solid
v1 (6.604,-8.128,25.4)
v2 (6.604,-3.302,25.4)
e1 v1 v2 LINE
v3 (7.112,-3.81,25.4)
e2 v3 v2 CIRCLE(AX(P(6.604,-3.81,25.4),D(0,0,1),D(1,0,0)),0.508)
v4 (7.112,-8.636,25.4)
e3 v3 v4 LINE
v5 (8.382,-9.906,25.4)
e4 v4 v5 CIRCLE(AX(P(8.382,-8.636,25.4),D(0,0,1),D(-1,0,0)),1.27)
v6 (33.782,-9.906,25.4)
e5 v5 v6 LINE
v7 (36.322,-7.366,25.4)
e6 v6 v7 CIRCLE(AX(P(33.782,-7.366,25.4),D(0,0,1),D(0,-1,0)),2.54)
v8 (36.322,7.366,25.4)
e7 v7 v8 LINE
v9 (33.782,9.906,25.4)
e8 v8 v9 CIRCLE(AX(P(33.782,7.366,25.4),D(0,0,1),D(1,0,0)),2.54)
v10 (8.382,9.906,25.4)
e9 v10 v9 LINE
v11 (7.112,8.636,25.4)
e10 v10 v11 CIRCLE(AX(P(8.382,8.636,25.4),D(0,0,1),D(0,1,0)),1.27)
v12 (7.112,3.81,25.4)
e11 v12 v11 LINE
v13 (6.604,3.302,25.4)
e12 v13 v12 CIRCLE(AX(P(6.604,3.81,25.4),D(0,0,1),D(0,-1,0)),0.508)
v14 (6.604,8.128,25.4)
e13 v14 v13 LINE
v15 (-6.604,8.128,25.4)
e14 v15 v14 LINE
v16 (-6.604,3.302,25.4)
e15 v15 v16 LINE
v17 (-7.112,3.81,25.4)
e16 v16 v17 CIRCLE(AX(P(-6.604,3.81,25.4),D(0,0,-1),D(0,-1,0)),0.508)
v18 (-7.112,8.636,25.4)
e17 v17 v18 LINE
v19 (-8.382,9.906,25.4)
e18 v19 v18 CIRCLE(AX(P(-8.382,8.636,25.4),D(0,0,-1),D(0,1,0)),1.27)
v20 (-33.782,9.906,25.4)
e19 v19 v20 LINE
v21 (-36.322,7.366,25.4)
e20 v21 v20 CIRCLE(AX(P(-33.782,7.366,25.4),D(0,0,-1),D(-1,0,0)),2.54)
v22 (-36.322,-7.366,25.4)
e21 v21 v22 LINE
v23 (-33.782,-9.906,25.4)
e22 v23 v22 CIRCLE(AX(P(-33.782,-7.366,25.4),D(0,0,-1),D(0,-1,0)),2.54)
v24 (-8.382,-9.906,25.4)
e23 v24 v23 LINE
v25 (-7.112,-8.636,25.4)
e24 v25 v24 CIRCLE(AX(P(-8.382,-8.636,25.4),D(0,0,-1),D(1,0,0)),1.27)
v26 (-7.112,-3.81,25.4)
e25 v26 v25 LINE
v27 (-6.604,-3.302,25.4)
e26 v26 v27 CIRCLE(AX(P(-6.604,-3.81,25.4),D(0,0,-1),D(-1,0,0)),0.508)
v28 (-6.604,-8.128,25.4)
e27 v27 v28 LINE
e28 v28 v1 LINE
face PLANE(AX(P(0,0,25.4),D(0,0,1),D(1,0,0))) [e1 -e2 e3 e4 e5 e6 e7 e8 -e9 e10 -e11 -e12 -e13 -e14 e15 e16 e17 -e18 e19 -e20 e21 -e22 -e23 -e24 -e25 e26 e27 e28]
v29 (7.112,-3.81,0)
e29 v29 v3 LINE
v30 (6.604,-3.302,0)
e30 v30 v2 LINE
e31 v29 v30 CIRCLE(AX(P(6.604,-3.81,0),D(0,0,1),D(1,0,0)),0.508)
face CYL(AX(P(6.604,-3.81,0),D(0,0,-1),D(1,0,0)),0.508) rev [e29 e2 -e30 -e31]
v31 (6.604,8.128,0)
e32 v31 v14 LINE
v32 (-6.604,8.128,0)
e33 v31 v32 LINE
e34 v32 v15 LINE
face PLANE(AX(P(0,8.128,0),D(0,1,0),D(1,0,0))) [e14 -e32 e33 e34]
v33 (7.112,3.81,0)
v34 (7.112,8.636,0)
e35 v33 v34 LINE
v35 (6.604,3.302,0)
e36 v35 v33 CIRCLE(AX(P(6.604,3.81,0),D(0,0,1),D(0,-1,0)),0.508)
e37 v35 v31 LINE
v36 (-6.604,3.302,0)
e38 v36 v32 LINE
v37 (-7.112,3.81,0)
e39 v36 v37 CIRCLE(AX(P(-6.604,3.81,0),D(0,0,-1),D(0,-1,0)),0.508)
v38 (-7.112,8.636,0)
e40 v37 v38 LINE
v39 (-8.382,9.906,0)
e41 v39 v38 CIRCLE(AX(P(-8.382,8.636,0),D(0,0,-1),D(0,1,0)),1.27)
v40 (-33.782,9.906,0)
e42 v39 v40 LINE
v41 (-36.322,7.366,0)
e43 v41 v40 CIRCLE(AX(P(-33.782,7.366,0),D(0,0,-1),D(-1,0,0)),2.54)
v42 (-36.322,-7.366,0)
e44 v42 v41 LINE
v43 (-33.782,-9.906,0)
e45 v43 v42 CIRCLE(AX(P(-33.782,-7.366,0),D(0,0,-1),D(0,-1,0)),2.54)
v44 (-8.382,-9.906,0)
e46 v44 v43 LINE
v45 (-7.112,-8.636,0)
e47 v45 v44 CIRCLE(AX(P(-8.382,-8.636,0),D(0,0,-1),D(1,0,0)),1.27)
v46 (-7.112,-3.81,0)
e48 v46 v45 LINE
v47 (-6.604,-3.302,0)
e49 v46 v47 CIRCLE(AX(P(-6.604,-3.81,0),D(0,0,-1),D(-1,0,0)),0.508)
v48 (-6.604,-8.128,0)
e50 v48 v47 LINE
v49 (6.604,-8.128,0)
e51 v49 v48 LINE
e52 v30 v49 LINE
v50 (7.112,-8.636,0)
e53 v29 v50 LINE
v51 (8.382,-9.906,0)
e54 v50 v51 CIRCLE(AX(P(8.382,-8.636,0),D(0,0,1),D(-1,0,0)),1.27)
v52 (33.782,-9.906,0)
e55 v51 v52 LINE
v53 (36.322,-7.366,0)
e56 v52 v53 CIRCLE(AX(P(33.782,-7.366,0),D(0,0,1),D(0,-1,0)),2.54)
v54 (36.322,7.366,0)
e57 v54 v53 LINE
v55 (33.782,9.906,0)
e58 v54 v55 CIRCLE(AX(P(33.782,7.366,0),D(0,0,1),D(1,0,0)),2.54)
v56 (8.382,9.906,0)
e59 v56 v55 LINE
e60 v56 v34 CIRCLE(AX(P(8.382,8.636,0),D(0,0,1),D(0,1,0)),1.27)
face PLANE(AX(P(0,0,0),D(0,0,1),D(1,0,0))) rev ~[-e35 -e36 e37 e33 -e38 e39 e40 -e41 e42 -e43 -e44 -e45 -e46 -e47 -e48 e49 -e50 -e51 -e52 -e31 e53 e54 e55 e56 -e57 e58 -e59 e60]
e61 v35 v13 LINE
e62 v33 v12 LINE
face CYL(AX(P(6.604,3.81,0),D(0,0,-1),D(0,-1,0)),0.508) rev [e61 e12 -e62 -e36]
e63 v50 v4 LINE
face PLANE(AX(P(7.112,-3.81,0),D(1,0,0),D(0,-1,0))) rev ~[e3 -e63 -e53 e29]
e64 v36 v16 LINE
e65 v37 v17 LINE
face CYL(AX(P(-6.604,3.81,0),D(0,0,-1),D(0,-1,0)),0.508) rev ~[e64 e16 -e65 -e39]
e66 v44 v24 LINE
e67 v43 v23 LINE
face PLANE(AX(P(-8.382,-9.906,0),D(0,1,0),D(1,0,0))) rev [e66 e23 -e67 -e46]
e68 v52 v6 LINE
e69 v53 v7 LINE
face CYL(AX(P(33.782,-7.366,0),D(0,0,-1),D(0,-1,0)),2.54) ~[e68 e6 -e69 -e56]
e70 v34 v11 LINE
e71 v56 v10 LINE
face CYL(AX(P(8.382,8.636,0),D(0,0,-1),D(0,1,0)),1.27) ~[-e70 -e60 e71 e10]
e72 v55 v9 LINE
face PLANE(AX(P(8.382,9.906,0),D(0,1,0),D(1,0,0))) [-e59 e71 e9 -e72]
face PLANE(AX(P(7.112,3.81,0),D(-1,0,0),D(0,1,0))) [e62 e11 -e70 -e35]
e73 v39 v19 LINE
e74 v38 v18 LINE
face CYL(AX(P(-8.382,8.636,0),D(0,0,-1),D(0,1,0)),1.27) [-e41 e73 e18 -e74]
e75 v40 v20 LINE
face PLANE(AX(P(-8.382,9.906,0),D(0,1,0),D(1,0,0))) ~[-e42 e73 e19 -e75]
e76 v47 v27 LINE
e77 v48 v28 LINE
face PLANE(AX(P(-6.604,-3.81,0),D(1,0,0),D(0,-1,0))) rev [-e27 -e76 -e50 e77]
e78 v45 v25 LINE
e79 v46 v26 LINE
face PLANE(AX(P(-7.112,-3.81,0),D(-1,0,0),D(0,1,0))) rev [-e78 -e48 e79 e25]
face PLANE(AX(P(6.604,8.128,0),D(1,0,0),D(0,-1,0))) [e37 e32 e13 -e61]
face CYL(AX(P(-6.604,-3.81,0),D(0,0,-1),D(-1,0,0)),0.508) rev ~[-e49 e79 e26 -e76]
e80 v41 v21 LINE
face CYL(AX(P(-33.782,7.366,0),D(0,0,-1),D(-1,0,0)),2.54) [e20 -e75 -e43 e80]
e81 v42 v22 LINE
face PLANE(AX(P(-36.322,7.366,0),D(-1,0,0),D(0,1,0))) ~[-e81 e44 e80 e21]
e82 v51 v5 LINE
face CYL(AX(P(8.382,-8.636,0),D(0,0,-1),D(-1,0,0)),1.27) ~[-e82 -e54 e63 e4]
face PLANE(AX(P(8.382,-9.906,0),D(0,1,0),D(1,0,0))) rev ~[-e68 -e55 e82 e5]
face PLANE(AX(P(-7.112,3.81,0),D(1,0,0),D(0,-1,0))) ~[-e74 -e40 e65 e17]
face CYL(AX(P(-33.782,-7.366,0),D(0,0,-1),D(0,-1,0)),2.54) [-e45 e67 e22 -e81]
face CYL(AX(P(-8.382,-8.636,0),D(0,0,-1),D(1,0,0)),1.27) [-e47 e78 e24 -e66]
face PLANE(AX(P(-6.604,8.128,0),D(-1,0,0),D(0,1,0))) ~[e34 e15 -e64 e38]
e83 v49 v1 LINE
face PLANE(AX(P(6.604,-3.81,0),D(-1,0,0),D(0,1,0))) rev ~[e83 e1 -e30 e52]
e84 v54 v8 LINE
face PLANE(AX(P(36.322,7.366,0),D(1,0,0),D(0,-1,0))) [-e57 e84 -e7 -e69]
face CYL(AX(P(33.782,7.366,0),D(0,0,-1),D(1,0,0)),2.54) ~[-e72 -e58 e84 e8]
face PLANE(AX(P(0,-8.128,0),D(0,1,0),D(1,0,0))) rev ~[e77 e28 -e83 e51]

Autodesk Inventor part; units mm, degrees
ref_plane "YZ Plane" through (0, 0, 0) normal (1, 0, 0) x (0, 1, 0)
ref_plane "XZ Plane" through (0, 0, 0) normal (0, 1, 0) x (-1, 0, 0)
ref_plane "XY Plane" through (0, 0, 0) normal (0, 0, 1) x (1, 0, 0)
sketch "Sketch1" plane through (0, 0, 0) normal (0, 0, 1) x (1, 0, 0)
  line L0 (0, 0) -> (0, 8.128)
  line L1 (0, 8.128) -> (-6.604, 8.128)
  line L2 (-6.604, 8.128) -> (-6.604, 3.81)
  arc A0 (-7.112, 3.81) -> (-6.604, 3.302) centre (-6.604, 3.81) ccw
  line L3 (-6.604, 3.81) -> (-6.604, 3.302)
  line L4 (-7.112, 3.81) -> (-7.112, 8.636)
  line L5 (-8.382, 9.906) -> (-33.782, 9.906)
  arc A1 (-7.112, 8.636) -> (-8.382, 9.906) centre (-8.382, 8.636) ccw
  line L6 (-36.322, 7.366) -> (-36.322, 0)
  arc A2 (-33.782, 9.906) -> (-36.322, 7.366) centre (-33.782, 7.366) ccw
  line L7 (0, 8.128) -> (6.604, 8.128)
  line L8 (6.604, 8.128) -> (6.604, 3.81)
  line L9 (7.112, 3.81) -> (7.112, 8.636)
  line L10 (8.382, 9.906) -> (33.782, 9.906)
  arc A3 (8.382, 9.906) -> (7.112, 8.636) centre (8.382, 8.636) ccw
  line L11 (36.322, 7.366) -> (36.322, 0)
  arc A4 (36.322, 7.366) -> (33.782, 9.906) centre (33.782, 7.366) ccw
  line L12 (6.604, 3.81) -> (6.604, 3.302)
  arc A5 (6.604, 3.302) -> (7.112, 3.81) centre (6.604, 3.81) ccw
  line L13 (0, 0) -> (0, -8.128)
  line L14 (0, -8.128) -> (-6.604, -8.128)
  line L15 (-6.604, -8.128) -> (-6.604, -3.81)
  arc A6 (-6.604, -3.302) -> (-7.112, -3.81) centre (-6.604, -3.81) ccw
  line L16 (-6.604, -3.81) -> (-6.604, -3.302)
  line L17 (-7.112, -3.81) -> (-7.112, -8.636)
  line L18 (-8.382, -9.906) -> (-33.782, -9.906)
  arc A7 (-8.382, -9.906) -> (-7.112, -8.636) centre (-8.382, -8.636) ccw
  line L19 (-36.322, -7.366) -> (-36.322, 0)
  arc A8 (-36.322, -7.366) -> (-33.782, -9.906) centre (-33.782, -7.366) ccw
  line L20 (0, -8.128) -> (6.604, -8.128)
  line L21 (6.604, -8.128) -> (6.604, -3.81)
  line L22 (7.112, -3.81) -> (7.112, -8.636)
  arc A9 (7.112, -8.636) -> (8.382, -9.906) centre (8.382, -8.636) ccw
  line L23 (8.382, -9.906) -> (33.782, -9.906)
  arc A10 (33.782, -9.906) -> (36.322, -7.366) centre (33.782, -7.366) ccw
  line L24 (36.322, -7.366) -> (36.322, 0)
  line L25 (6.604, -3.81) -> (6.604, -3.302)
  arc A11 (7.112, -3.81) -> (6.604, -3.302) centre (6.604, -3.81) ccw
  point P0 (-7.112, 9.906)
  point P1 (-36.322, 9.906)
  point P2 (-7.112, -9.906)
  point P3 (-36.322, -9.906)
  dimension "d1" = 6.604
  dimension "d2" = 4.318
  dimension "d3" = 1.016
  dimension "d4" = 6.096
  dimension "d5" = 29.21
  dimension "d6" = 1.27
  dimension "d7" = 9.906
  dimension "d8" = 2.54
  dimension "d9" = 8.128
extrude "Extrusion1" add sketch "Sketch1" along normal blind 25.4 contours L0 L7 L8 L12 A5 L9 A3 L10 A4 L11 L24 A10 L23 A9 L22 A11 L25 L21 L20 L13
mirror "Mirror1" about plane through (0, 8.128, 0) normal (-1, 0, 0) of "Extrusion1"
properties part number "ConnectorNT"
